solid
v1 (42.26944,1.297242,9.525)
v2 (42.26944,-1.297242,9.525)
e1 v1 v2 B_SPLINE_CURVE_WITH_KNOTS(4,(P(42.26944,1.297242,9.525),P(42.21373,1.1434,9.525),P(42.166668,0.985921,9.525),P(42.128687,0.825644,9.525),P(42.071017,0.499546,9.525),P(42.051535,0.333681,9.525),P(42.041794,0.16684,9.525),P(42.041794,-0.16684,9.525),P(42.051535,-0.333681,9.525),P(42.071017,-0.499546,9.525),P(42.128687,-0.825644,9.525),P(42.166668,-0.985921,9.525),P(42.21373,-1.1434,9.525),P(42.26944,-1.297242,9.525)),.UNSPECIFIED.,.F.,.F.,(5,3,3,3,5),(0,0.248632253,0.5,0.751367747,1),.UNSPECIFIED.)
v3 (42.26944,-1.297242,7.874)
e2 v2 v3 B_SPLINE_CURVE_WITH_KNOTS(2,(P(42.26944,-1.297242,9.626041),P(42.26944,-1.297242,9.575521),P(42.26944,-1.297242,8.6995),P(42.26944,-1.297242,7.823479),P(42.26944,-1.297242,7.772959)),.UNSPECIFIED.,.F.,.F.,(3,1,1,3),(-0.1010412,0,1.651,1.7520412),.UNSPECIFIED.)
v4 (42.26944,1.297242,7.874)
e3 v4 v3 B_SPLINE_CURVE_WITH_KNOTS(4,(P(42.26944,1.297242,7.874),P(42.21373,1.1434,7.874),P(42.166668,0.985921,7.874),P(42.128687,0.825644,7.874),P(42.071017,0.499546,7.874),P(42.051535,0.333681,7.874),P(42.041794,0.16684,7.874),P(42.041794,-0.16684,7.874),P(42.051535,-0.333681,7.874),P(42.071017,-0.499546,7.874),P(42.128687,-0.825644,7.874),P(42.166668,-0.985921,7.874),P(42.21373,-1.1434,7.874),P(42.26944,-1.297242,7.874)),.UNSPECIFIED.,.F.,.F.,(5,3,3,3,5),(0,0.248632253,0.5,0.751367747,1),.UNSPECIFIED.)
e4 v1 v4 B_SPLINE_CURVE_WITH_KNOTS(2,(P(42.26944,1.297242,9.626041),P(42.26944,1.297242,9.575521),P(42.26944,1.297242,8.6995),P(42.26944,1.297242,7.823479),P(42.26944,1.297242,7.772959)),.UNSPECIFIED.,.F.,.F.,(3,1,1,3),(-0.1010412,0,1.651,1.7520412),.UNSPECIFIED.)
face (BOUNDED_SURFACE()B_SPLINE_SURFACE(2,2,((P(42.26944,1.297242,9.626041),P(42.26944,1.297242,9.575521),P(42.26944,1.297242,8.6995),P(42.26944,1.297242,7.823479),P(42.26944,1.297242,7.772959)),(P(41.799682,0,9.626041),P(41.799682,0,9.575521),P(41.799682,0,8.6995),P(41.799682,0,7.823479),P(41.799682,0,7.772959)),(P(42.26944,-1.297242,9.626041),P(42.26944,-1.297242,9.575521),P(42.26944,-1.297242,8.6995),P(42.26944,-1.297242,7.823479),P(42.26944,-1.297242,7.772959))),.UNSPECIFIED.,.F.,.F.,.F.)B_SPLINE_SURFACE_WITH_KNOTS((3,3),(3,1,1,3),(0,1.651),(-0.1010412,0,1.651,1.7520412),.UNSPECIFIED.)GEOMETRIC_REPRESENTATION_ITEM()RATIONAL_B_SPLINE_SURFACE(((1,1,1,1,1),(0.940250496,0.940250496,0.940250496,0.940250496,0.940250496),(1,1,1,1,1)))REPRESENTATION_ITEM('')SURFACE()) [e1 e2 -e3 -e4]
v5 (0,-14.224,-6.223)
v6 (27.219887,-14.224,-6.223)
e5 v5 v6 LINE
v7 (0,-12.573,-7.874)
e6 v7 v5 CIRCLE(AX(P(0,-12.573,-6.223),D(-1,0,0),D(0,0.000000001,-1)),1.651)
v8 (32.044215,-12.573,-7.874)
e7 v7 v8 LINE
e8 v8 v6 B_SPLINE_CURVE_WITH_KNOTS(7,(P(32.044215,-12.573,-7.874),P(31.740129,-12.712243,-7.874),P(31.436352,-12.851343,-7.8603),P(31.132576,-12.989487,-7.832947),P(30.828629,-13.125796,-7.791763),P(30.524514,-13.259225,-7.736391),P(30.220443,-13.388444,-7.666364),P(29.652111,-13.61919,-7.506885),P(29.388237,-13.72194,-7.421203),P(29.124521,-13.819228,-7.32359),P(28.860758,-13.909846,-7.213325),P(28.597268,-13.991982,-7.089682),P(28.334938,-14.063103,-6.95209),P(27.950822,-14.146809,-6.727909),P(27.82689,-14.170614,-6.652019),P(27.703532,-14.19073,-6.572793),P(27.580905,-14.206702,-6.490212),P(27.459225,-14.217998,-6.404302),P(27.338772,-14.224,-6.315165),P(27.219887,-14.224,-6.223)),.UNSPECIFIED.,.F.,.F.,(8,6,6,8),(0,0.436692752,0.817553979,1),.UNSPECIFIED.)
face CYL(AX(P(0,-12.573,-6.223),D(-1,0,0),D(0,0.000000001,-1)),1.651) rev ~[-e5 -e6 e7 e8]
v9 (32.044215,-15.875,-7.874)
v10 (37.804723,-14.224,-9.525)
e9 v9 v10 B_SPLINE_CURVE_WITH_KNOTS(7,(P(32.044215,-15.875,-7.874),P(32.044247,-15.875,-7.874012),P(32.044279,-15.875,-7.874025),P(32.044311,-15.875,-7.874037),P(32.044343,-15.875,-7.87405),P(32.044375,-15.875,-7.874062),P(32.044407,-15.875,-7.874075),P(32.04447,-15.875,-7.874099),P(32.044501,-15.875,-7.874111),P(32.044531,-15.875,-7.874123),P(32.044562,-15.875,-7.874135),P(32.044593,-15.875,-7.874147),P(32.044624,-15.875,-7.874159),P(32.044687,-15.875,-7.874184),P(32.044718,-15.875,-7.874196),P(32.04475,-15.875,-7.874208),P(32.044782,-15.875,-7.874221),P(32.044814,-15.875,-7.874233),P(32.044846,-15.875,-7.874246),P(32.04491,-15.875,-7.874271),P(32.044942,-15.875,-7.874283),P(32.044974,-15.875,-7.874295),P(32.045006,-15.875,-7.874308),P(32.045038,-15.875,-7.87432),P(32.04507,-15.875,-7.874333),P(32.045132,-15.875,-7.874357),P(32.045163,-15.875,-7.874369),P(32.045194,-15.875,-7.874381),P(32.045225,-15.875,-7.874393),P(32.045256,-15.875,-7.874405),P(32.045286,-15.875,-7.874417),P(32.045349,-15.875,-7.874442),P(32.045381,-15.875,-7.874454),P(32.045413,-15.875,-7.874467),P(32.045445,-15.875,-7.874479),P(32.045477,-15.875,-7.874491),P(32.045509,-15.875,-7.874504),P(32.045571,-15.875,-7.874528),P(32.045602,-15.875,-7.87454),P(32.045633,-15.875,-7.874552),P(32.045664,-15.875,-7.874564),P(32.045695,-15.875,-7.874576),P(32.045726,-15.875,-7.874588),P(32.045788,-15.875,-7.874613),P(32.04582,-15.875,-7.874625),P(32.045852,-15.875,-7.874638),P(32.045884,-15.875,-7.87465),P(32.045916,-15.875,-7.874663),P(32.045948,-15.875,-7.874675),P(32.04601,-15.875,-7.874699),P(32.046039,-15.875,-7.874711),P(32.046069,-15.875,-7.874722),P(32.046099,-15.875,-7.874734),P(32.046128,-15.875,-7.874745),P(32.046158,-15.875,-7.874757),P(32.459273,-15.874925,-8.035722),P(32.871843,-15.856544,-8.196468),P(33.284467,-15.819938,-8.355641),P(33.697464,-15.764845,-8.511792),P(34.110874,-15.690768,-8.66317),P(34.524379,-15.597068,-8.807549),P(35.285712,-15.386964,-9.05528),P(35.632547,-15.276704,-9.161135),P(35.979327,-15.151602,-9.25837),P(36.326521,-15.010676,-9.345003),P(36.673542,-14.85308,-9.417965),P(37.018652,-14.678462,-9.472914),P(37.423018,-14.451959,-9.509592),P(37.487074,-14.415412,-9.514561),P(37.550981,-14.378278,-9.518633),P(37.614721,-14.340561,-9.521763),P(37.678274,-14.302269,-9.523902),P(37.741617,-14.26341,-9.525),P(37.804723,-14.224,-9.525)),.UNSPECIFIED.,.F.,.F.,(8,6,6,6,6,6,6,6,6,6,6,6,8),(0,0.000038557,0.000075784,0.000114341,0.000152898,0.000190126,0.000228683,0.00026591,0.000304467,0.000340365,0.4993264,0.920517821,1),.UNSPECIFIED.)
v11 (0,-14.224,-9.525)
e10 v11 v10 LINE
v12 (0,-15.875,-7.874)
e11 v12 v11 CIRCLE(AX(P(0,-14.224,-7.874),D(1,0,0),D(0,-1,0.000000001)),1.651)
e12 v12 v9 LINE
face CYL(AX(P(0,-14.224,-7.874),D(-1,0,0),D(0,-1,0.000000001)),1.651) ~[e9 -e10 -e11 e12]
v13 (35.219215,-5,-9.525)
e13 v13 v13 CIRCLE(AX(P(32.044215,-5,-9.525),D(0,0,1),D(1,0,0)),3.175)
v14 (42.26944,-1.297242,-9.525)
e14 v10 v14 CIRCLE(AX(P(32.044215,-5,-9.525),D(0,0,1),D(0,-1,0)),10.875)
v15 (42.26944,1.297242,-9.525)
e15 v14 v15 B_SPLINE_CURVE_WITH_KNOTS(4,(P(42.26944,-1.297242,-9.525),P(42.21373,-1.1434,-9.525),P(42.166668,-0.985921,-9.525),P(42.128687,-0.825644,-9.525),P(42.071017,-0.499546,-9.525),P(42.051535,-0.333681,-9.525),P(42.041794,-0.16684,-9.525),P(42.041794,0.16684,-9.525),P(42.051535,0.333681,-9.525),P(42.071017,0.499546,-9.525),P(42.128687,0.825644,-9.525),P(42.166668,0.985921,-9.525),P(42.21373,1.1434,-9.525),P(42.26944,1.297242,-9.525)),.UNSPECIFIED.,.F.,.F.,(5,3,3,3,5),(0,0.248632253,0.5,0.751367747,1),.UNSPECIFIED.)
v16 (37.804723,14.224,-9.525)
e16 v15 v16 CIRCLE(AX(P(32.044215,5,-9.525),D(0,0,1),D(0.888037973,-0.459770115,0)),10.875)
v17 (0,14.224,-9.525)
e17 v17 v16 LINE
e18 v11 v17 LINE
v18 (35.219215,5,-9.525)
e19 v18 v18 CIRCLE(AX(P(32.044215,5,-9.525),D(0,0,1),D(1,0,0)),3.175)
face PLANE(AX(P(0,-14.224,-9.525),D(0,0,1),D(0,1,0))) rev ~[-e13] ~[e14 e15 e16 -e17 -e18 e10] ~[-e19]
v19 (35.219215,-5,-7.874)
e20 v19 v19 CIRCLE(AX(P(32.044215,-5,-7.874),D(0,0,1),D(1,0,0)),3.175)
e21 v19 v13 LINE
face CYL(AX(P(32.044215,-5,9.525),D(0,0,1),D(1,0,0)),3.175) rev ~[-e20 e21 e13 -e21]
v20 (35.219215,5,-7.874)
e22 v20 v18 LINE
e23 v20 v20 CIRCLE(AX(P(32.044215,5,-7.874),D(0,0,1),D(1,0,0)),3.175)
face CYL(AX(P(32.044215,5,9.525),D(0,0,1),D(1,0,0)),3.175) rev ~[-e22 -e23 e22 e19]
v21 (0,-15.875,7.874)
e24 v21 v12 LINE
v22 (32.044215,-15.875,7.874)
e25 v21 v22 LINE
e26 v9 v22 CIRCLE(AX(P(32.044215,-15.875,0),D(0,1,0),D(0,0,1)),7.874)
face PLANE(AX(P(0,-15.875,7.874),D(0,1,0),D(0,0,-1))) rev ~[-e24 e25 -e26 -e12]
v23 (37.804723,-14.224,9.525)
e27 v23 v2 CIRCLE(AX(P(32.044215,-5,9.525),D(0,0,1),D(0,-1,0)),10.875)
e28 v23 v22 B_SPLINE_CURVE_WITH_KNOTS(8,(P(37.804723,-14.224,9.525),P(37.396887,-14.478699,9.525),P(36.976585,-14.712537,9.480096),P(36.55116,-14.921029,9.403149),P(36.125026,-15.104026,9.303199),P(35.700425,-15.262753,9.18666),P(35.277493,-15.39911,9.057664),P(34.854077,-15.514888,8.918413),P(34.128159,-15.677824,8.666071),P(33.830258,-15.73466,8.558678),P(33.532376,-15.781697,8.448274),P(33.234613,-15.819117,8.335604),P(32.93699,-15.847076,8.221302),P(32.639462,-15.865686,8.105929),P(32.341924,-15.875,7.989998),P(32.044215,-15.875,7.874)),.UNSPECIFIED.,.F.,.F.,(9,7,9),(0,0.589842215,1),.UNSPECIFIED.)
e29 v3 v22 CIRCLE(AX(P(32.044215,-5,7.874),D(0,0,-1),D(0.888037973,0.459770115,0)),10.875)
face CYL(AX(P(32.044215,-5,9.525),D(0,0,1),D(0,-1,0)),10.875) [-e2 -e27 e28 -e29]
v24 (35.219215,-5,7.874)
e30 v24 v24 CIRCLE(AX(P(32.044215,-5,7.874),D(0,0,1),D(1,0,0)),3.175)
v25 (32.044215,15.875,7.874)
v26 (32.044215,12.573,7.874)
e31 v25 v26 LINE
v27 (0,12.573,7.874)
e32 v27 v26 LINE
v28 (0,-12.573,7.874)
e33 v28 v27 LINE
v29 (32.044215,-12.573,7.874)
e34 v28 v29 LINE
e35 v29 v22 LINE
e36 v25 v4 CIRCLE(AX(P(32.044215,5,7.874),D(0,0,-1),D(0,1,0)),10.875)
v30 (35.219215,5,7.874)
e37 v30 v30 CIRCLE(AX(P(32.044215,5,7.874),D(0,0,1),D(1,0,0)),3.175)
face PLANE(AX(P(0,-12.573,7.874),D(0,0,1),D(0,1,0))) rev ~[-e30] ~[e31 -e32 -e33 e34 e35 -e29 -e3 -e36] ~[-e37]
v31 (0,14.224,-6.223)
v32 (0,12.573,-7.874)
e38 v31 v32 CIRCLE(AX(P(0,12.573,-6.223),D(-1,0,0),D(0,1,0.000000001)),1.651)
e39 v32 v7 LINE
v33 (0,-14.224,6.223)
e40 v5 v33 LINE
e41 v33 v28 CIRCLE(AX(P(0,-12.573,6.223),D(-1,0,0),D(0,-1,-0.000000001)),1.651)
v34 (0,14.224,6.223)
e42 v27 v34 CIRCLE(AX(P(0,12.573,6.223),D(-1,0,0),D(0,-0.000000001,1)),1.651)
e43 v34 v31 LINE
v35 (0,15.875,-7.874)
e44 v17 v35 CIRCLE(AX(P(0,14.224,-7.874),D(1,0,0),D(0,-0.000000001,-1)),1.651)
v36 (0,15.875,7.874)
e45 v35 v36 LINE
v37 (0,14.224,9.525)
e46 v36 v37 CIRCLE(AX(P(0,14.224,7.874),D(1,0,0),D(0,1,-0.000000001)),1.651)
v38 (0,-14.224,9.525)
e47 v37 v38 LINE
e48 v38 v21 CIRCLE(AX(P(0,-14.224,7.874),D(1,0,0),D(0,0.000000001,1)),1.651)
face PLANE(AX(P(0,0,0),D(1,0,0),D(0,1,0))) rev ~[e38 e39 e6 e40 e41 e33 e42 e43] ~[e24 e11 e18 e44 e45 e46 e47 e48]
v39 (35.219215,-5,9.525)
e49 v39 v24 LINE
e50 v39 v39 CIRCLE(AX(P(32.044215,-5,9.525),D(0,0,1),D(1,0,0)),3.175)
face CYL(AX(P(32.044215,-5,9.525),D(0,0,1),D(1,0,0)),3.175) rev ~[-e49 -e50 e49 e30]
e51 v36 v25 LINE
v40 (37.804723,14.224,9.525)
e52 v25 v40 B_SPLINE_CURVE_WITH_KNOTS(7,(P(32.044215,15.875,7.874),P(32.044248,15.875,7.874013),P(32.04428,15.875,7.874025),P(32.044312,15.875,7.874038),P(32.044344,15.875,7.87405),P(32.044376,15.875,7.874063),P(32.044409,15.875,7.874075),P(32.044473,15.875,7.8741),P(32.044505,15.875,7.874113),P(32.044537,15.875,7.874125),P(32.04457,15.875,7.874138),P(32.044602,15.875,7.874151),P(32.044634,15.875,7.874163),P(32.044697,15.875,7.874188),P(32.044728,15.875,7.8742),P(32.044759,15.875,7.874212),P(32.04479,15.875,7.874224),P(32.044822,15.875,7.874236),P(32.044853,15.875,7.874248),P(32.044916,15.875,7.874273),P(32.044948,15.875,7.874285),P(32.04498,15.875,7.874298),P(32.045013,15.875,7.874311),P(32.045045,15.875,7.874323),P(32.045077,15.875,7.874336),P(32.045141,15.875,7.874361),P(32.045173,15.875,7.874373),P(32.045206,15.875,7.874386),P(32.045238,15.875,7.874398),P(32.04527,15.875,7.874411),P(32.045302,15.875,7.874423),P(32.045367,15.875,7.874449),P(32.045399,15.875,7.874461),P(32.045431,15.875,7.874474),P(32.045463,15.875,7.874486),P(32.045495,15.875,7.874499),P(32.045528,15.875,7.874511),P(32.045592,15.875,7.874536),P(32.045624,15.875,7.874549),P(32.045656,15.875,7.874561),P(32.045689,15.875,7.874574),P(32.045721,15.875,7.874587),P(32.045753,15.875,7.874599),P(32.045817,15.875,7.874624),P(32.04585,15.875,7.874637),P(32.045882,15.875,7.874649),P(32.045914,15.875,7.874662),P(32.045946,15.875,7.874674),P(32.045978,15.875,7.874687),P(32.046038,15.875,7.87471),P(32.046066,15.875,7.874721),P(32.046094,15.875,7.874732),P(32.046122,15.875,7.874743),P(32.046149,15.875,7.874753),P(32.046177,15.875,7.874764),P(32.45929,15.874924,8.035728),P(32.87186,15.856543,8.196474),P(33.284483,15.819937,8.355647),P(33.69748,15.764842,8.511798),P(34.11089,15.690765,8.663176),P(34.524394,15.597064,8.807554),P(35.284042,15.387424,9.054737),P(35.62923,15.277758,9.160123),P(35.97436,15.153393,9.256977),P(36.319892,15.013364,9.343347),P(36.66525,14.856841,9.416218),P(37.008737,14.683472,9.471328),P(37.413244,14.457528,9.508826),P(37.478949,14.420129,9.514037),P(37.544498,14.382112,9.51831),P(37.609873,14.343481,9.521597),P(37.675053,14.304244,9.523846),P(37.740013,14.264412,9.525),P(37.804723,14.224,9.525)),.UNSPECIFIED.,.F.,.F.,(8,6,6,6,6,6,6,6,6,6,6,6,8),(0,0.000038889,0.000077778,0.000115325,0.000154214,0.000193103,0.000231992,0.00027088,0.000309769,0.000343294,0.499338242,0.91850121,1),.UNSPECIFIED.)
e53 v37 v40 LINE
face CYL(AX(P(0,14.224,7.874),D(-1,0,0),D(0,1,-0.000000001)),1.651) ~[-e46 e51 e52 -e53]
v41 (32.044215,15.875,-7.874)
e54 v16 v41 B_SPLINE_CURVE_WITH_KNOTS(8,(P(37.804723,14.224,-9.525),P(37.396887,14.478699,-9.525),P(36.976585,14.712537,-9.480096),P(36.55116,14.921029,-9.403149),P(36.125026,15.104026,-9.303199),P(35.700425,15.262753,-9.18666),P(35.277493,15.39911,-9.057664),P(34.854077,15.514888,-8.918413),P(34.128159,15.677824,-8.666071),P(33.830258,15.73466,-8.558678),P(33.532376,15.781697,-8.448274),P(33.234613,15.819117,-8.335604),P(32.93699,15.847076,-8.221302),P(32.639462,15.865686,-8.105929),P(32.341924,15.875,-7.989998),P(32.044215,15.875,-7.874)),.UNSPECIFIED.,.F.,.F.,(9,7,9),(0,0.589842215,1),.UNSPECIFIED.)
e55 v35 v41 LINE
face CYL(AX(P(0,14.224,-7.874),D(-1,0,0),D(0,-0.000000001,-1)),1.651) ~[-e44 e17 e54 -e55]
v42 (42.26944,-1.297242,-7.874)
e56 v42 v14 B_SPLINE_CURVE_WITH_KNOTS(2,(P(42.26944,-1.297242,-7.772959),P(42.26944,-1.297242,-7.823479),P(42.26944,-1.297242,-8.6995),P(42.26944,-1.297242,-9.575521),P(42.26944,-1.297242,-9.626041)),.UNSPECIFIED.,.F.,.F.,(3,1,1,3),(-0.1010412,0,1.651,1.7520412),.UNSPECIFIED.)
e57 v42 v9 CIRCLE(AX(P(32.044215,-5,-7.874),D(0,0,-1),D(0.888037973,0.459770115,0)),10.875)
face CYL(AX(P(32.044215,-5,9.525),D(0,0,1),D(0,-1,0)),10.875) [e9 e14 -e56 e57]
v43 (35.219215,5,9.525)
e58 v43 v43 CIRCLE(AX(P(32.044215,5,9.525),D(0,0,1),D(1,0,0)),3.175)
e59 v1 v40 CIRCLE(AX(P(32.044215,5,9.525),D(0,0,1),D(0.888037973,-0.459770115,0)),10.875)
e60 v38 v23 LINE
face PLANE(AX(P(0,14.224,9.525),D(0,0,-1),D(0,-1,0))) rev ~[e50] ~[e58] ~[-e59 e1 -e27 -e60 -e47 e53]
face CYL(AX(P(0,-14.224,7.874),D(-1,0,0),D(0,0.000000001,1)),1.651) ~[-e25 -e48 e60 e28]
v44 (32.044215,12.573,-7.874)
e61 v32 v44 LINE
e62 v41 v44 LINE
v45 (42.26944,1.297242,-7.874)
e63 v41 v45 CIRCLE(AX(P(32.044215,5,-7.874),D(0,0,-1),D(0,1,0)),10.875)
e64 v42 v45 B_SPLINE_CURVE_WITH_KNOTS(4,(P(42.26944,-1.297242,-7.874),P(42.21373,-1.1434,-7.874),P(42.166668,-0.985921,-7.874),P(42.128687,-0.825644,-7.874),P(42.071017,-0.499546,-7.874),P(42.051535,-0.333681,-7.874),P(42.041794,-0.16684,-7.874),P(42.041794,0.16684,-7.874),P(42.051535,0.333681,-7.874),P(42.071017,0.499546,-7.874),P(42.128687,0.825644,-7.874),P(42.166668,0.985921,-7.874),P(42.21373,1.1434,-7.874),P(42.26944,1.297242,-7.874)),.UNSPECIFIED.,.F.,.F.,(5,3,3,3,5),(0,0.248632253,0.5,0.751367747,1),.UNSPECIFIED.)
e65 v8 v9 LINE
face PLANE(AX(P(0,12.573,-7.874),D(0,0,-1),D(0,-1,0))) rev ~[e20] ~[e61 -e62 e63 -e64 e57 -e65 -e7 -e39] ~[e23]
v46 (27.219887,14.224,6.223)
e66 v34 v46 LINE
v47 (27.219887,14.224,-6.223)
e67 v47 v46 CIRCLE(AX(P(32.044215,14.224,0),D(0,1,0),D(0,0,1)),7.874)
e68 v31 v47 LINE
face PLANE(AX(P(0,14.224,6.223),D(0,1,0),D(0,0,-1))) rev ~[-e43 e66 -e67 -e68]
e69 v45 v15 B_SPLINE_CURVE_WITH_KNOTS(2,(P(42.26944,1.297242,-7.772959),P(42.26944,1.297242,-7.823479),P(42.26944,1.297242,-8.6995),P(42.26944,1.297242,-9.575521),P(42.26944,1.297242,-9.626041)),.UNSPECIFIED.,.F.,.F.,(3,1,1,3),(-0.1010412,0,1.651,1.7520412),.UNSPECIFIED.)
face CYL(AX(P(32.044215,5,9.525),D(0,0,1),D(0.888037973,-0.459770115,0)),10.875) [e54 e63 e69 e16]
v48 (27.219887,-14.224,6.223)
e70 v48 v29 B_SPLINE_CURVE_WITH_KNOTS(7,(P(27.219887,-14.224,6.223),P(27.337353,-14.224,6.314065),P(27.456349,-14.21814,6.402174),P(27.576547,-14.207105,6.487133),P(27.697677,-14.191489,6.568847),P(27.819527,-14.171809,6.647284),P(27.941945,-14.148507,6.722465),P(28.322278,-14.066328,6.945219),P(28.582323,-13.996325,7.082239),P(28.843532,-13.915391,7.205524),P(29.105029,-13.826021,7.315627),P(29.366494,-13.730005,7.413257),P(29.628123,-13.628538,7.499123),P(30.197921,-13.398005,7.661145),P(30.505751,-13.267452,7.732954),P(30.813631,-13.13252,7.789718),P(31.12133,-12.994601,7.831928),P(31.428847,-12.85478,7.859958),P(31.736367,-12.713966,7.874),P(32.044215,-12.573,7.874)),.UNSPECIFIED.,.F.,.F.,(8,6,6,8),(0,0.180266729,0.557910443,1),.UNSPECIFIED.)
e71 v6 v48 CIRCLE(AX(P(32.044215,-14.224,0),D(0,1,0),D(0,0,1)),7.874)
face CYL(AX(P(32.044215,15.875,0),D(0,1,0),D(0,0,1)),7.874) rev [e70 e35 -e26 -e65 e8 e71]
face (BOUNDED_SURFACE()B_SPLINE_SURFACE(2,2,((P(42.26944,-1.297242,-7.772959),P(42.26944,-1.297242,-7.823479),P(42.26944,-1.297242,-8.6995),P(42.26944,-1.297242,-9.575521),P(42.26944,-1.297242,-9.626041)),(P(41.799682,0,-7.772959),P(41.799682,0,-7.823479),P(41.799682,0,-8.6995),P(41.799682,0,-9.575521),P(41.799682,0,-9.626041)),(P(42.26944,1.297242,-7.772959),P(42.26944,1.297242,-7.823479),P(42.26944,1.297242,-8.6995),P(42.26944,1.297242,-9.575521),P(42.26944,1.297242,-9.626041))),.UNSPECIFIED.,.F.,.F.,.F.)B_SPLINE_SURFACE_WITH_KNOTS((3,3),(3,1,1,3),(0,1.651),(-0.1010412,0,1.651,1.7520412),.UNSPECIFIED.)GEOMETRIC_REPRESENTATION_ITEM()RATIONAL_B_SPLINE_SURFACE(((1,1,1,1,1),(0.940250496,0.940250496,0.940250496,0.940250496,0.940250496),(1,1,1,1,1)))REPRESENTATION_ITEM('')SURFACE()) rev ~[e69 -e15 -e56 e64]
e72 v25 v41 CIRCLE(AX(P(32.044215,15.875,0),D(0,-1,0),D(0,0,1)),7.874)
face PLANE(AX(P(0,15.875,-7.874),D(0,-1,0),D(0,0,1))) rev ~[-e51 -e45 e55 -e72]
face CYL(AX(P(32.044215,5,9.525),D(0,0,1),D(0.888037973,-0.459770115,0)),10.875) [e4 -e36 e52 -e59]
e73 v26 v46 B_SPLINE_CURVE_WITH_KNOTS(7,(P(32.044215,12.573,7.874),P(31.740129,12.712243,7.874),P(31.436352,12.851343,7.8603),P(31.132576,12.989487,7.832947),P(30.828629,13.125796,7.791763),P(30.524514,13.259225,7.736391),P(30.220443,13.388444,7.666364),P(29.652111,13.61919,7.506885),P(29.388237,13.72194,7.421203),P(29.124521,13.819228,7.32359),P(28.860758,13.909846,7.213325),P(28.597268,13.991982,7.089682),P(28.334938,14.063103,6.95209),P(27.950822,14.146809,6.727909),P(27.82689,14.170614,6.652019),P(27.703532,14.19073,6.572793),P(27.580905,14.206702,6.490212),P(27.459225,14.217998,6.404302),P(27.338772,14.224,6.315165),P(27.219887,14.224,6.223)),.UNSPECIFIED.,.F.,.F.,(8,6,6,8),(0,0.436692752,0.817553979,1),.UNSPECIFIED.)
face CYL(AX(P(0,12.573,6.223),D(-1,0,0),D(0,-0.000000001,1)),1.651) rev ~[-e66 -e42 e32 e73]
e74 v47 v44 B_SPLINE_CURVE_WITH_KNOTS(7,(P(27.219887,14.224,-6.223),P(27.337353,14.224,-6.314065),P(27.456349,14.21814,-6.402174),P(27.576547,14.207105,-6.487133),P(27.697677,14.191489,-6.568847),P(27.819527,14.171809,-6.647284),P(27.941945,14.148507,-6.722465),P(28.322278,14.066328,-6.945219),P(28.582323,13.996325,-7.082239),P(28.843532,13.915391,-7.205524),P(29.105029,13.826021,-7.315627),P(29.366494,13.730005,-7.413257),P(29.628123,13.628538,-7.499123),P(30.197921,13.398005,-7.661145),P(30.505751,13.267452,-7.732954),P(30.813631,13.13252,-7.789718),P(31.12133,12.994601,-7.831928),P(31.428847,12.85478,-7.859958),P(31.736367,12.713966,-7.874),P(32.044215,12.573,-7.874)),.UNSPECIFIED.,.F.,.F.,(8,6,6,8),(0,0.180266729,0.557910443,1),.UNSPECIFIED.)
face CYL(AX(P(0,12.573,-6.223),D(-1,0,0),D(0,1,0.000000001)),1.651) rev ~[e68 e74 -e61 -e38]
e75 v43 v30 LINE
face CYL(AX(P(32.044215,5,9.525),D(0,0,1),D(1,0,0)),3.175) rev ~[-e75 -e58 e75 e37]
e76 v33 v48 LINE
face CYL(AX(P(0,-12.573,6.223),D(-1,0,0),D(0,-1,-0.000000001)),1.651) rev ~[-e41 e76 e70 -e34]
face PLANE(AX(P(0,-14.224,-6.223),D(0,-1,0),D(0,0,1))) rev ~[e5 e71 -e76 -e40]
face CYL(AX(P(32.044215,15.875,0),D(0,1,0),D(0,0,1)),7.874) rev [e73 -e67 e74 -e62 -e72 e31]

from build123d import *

# Parameters (mm, degrees)
SQUARE_TUBE_1_5X0_75_0_065_4130_TUBE_1_DEPTH = 43.474215441
SKETCH3_R                                    = 3.175
CUT_EXTRUDE1_DEPTH                           = 51.049231095
CUT_EXTRUDE2_DEPTH                           = 55.229578607
FILLET1_R                                    = 3.81


with BuildPart() as part:
    # Sketch2 → Square tube 1.5X0.75-0.065 4130 TUBE(1) (new body)
    with BuildSketch(Plane.YZ):
        with BuildLine():
            Line((-14.224, -9.525), (14.224, -9.525))
            ThreePointArc((14.224, -9.525), (15.391433296, -9.041433296), (15.875, -7.874))
            Line((15.875, -7.874), (15.875, 7.874))
            ThreePointArc((15.875, 7.874), (15.391433296, 9.041433296), (14.224, 9.525))
            Line((14.224, 9.525), (-14.224, 9.525))
            ThreePointArc((-14.224, 9.525), (-15.391433296, 9.041433296), (-15.875, 7.874))
            Line((-15.875, 7.874), (-15.875, -7.874))
            ThreePointArc((-15.875, -7.874), (-15.391433296, -9.041433296), (-14.224, -9.525))
        make_face()
        with BuildLine():
            Line((-12.573, 7.874), (12.573, 7.874))
            ThreePointArc((12.573, 7.874), (13.740433296, 7.390433296), (14.224, 6.223))
            Line((14.224, 6.223), (14.224, -6.223))
            ThreePointArc((14.224, -6.223), (13.740433296, -7.390433296), (12.573, -7.874))
            Line((12.573, -7.874), (-12.573, -7.874))
            ThreePointArc((-12.573, -7.874), (-13.740433296, -7.390433296), (-14.224, -6.223))
            Line((-14.224, -6.223), (-14.224, 6.223))
            ThreePointArc((-14.224, 6.223), (-13.740433296, 7.390433296), (-12.573, 7.874))
        make_face(mode=Mode.SUBTRACT)
    extrude(amount=SQUARE_TUBE_1_5X0_75_0_065_4130_TUBE_1_DEPTH)

    # Sketch3 → Cut-Extrude1 (cut, through all)
    with BuildSketch(Plane.XY.offset(9.525)):
        with Locations((32.044215441, 5)):
            Circle(SKETCH3_R)
        with Locations((32.044215441, -5)):
            Circle(SKETCH3_R)
        with BuildLine():
            Line((43.474215441, -15.875), (32.044215441, -15.875))
            ThreePointArc((32.044215441, -15.875), (41.335087978, -10.652018445), (41.701628397, 0))
            ThreePointArc((41.701628397, 0), (41.335087978, 10.652018445), (32.044215441, 15.875))
            Line((32.044215441, 15.875), (43.474215441, 15.875))
            Line((43.474215441, 15.875), (43.474215441, -15.875))
        make_face()
    extrude(amount=-CUT_EXTRUDE1_DEPTH, mode=Mode.SUBTRACT)

    # Sketch4 → Cut-Extrude2 (cut, through all)
    with BuildSketch(Plane(origin=(0, 15.875, 0), x_dir=(1, 0, 0), z_dir=(0, 1, 0))):
        with BuildLine():
            Line((39.849040615, -7.874), (32.044215441, -7.874))
            ThreePointArc((32.044215441, -7.874), (24.170215441, 0), (32.044215441, 7.874))
            Line((32.044215441, 7.874), (39.849040615, 7.874))
            Line((39.849040615, 7.874), (39.849040615, -7.874))
        make_face()
    extrude(amount=-CUT_EXTRUDE2_DEPTH, mode=Mode.SUBTRACT)

    # Fillet1
    fillet1_edges = [part.edges().sort_by_distance(p)[0] for p in [
        (41.701628397, 0, -8.6995),
        (41.701628397, 0, 8.6995),
    ]]
    fillet(fillet1_edges, radius=FILLET1_R)


solid = part.part
